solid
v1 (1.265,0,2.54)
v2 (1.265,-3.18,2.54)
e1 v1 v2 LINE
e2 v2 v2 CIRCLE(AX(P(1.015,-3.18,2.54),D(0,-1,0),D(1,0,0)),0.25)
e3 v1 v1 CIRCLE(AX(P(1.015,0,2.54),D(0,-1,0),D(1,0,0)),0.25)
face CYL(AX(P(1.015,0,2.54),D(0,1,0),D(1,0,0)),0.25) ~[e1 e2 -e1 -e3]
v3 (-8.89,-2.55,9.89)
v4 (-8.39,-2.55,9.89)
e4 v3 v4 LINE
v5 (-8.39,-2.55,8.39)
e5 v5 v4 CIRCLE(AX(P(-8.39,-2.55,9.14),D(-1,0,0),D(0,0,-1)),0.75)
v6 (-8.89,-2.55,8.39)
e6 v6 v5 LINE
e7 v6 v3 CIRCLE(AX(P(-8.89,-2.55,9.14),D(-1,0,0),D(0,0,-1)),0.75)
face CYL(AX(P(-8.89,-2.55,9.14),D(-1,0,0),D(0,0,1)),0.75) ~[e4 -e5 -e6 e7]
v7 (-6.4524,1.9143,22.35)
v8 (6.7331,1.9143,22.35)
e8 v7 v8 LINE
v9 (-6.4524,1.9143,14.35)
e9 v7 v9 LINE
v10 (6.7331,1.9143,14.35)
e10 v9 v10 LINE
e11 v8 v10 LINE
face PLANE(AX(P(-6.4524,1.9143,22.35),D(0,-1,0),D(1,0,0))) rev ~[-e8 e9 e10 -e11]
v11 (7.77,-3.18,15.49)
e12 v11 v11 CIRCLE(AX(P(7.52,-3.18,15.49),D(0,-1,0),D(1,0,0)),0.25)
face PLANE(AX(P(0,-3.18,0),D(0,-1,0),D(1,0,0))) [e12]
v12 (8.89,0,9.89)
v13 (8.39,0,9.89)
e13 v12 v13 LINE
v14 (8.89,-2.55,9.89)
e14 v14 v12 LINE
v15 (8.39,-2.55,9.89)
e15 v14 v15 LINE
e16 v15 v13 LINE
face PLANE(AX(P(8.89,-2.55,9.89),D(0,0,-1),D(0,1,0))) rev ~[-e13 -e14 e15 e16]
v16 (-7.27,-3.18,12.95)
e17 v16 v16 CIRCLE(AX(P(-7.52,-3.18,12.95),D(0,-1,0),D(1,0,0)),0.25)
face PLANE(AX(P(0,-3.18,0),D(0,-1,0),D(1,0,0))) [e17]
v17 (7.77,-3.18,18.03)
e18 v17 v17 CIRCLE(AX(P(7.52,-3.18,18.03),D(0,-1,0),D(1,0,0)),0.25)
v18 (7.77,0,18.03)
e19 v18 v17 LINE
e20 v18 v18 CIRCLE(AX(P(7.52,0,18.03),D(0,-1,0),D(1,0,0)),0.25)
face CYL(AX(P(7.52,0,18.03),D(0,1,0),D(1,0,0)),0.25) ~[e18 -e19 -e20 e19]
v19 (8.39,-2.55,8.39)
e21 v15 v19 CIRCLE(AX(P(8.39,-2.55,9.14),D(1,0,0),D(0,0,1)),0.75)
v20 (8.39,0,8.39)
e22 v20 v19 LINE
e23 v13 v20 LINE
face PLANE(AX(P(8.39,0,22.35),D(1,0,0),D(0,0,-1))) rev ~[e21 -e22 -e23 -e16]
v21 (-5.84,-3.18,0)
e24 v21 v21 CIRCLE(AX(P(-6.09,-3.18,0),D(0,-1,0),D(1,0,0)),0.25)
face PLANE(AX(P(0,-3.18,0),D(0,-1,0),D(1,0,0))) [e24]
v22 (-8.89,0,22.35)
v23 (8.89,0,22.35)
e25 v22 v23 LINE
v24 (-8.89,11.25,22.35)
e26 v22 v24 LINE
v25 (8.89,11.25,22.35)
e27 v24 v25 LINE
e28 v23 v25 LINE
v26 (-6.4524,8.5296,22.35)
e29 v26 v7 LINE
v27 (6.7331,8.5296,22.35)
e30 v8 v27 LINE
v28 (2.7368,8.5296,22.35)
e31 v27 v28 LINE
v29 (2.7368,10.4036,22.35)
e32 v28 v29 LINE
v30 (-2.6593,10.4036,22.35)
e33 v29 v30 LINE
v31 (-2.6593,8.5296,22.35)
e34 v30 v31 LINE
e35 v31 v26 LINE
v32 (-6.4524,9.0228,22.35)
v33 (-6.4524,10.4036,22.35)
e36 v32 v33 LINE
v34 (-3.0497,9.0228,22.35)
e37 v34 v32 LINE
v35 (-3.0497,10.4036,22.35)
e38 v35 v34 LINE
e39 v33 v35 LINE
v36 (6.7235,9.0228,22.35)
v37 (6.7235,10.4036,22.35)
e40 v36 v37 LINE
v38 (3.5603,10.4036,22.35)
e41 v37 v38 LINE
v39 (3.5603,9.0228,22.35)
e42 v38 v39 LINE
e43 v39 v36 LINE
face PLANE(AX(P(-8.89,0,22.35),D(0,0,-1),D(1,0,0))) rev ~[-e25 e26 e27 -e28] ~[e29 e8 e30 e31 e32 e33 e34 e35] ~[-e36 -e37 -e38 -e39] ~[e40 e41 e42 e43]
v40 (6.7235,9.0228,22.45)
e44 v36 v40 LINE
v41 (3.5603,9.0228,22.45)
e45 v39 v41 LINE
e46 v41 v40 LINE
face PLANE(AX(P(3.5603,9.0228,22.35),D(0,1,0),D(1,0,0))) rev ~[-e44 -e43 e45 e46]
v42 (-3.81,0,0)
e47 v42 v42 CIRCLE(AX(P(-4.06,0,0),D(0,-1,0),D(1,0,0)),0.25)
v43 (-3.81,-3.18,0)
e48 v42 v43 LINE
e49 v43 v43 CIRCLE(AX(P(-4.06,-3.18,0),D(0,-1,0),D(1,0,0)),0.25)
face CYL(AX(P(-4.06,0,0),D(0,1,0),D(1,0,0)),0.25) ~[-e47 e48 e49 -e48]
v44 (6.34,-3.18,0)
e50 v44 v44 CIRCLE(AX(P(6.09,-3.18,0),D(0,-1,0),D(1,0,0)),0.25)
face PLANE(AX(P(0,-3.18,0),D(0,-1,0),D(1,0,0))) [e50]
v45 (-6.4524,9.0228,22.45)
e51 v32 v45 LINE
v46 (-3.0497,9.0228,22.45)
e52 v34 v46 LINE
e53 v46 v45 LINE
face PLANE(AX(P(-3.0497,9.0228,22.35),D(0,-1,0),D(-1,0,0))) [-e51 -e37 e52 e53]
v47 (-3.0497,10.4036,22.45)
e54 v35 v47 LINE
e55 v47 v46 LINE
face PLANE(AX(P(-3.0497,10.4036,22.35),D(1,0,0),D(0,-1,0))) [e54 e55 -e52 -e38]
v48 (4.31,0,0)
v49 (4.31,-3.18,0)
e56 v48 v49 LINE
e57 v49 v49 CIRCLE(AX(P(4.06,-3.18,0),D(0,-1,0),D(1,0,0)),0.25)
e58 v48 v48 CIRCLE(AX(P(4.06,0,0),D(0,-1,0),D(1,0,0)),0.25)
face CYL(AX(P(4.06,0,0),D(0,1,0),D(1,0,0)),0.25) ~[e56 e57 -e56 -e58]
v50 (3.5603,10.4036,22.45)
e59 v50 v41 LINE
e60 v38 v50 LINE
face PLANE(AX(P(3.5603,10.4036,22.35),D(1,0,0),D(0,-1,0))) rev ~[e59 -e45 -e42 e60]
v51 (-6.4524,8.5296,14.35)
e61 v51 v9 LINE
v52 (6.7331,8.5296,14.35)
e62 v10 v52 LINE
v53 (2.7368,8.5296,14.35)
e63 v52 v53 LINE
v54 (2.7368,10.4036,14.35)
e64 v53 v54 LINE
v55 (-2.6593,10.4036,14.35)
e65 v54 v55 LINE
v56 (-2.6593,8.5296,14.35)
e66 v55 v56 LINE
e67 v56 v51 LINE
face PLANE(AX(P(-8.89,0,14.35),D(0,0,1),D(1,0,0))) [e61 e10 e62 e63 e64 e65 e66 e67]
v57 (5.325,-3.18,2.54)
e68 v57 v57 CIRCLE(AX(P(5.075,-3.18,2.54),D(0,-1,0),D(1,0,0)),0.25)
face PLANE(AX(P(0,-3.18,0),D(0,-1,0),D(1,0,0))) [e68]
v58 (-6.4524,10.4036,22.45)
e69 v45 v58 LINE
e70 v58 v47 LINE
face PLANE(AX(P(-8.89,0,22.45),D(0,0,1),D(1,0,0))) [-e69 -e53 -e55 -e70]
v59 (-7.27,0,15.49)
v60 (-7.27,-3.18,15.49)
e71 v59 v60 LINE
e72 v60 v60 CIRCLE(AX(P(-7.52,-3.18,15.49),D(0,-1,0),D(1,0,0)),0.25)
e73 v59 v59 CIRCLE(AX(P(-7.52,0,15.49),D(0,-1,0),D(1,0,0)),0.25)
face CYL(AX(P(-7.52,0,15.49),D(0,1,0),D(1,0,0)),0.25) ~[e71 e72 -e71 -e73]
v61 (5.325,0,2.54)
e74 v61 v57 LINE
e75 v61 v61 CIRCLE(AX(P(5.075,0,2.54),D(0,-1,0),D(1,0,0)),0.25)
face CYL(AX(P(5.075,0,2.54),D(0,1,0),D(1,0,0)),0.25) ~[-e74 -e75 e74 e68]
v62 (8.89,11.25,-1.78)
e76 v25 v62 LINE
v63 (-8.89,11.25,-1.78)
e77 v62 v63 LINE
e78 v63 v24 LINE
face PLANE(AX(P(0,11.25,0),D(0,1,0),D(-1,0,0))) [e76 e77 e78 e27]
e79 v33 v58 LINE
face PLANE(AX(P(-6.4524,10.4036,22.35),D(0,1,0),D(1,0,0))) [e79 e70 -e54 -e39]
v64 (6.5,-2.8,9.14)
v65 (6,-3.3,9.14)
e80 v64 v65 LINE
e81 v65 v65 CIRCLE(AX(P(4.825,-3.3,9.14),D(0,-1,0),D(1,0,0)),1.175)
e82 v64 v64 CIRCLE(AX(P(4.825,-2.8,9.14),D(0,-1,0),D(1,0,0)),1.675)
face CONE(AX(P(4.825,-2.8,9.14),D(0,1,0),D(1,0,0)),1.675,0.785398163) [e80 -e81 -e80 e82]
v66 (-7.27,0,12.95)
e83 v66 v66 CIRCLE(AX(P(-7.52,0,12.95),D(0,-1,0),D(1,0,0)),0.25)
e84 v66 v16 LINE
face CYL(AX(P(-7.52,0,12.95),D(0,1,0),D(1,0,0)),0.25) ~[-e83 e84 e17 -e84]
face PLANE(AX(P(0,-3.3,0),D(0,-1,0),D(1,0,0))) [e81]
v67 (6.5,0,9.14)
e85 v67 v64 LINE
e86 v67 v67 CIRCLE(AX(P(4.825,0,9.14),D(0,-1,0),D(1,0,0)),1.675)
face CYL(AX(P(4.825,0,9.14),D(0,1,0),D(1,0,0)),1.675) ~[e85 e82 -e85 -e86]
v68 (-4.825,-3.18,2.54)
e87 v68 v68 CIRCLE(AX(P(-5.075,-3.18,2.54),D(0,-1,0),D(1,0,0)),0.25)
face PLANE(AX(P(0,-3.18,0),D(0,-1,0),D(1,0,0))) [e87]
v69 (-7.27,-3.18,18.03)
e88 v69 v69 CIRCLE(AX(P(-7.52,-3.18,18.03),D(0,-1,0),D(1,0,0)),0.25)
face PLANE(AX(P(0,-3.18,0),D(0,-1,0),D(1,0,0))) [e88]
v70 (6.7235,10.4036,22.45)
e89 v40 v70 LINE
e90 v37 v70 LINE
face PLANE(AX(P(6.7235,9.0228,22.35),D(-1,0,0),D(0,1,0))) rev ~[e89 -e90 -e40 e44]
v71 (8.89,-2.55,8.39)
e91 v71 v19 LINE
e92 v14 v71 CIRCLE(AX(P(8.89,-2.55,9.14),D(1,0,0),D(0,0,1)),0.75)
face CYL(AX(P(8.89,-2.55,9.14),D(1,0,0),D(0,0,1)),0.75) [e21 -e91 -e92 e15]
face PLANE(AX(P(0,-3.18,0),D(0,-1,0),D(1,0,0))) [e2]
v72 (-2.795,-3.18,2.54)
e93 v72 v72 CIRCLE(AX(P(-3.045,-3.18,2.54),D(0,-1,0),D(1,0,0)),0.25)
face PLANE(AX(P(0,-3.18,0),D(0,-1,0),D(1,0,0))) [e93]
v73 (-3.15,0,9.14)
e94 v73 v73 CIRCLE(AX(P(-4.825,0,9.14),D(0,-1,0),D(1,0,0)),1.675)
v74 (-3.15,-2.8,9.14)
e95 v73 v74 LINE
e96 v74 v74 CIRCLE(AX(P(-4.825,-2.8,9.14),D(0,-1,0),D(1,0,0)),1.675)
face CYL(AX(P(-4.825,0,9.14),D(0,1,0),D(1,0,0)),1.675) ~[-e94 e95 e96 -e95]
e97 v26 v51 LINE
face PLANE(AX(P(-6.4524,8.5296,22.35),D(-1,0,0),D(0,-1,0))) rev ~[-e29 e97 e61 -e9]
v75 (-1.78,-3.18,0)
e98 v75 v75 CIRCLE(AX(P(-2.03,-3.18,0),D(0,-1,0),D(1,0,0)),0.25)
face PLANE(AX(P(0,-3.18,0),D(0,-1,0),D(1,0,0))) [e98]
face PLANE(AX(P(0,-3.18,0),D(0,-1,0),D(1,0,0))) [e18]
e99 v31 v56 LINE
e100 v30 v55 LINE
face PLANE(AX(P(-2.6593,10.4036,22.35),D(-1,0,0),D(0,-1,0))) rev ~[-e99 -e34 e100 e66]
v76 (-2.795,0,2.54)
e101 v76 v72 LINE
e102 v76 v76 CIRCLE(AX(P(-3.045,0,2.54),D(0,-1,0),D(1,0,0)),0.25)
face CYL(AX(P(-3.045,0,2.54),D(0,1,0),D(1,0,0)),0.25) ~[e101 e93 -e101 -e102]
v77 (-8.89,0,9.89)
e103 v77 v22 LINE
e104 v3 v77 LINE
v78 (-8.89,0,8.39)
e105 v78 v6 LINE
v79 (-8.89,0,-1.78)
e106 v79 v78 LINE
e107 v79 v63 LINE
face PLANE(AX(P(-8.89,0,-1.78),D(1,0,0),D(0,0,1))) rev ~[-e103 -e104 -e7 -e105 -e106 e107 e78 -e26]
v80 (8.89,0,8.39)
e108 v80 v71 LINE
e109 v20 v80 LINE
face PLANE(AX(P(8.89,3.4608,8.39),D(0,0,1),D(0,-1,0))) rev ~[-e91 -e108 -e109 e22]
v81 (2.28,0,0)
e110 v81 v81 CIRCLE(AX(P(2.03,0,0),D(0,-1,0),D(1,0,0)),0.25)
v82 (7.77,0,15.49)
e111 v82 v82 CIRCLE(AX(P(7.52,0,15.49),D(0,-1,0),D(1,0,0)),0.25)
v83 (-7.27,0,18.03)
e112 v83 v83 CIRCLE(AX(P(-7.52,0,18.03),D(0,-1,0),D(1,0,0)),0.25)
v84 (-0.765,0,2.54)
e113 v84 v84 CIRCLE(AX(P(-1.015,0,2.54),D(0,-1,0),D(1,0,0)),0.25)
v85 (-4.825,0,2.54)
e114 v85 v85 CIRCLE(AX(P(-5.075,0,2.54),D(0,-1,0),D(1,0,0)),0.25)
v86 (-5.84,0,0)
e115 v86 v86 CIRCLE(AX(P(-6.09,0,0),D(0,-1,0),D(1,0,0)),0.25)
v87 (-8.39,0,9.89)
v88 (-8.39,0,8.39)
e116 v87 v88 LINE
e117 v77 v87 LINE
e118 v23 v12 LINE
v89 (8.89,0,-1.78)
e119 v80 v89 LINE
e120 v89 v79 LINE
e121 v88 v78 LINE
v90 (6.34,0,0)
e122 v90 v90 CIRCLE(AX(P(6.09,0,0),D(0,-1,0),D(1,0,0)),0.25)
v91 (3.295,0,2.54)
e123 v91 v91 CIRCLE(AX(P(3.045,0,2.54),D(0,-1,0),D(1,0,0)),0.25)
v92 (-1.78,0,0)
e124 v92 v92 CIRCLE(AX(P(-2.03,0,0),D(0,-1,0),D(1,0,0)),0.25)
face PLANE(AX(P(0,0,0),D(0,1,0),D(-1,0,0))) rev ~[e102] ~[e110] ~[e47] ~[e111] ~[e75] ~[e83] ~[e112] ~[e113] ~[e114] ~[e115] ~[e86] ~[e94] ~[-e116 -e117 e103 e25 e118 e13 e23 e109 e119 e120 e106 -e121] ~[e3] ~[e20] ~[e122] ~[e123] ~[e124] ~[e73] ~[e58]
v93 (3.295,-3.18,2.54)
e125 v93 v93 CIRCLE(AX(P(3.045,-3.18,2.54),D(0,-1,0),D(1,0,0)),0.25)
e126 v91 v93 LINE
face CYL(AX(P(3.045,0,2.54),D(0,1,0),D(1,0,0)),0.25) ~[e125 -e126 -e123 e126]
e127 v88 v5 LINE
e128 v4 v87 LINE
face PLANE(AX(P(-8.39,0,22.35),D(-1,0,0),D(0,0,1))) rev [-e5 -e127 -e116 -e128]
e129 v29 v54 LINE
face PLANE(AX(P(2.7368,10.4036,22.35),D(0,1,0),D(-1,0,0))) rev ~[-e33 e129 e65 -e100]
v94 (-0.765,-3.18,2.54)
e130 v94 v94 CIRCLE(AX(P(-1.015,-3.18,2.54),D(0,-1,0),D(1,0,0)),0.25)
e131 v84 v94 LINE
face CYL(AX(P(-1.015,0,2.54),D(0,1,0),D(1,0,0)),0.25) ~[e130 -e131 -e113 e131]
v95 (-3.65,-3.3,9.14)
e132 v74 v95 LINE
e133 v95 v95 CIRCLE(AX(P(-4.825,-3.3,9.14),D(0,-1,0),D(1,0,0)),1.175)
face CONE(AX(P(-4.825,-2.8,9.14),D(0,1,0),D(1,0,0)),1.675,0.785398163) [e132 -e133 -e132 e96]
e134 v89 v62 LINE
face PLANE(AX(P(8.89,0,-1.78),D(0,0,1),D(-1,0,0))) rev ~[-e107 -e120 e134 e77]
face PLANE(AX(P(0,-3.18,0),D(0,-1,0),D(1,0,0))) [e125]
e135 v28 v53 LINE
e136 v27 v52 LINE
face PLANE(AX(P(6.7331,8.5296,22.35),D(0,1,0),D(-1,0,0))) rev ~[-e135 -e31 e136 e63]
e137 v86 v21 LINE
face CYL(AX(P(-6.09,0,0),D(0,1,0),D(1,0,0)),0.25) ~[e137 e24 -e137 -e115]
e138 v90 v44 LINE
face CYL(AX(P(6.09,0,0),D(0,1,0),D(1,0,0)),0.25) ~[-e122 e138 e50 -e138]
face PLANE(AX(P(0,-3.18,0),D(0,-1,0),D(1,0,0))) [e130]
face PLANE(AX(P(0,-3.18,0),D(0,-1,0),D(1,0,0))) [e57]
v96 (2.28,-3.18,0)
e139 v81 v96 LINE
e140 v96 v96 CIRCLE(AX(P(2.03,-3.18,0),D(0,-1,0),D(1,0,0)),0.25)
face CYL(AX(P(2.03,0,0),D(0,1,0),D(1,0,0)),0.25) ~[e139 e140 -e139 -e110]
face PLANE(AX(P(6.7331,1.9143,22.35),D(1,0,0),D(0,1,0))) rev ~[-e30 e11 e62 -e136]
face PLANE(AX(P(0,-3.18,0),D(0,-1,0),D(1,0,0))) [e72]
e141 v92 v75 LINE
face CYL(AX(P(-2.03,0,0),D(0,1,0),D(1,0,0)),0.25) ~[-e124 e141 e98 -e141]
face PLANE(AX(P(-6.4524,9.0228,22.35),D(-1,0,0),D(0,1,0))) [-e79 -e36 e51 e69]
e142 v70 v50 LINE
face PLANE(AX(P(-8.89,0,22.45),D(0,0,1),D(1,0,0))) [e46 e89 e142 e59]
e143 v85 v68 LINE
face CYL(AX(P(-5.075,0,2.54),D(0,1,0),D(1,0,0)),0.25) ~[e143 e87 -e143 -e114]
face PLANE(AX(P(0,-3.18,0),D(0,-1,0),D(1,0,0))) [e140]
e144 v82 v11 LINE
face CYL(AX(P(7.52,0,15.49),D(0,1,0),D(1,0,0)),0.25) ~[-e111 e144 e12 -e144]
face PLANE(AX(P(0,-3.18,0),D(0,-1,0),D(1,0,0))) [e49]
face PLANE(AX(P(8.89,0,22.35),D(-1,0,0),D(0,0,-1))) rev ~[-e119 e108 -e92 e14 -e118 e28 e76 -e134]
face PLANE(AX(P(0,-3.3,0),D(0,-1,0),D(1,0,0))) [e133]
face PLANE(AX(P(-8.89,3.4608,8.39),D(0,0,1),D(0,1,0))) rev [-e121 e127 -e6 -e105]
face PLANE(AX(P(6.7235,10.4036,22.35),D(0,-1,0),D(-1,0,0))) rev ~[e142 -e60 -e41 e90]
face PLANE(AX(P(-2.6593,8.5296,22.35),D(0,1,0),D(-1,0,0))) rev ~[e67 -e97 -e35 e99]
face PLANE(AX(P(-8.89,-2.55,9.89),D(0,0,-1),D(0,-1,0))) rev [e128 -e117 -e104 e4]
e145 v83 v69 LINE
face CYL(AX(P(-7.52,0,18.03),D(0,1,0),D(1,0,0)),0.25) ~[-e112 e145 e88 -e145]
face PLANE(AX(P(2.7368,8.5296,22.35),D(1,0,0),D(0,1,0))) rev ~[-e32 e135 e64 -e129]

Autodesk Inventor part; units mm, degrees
ref_plane "YZ Plane" through (0, 0, 0) normal (1, 0, 0) x (0, 1, 0)
ref_plane "XZ Plane" through (0, 0, 0) normal (0, 1, 0) x (-1, 0, 0)
ref_plane "XY Plane" through (0, 0, 0) normal (0, 0, 1) x (1, 0, 0)
sketch "Sketch1" plane through (0, 0, 0) normal (0, 1, 0) x (-1, 0, 0)
  line L0 (8.89, 22.35) -> (-8.89, 22.35)
  line L1 (-8.89, 22.35) -> (-8.89, -1.78)
  line L2 (-8.89, -1.78) -> (8.89, -1.78)
  line L3 (8.89, -1.78) -> (8.89, 22.35)
  point P0 (0, 0)
  dimension "d0" = 24.13
  dimension "d1" = 22.35
  dimension "d2" = 17.78
  dimension "d3" = 8.89
extrude "Extrusion1" add sketch "Sketch1" along normal blind 11.25
sketch "Sketch2" plane through (-8.89, 0, 22.35) normal (0, 0, 1) x (1, 0, 0)
  line L0 (2.4376, 1.9143) -> (15.6231, 1.9143)
  line L1 (15.6231, 1.9143) -> (15.6231, 8.5296)
  line L2 (15.6231, 8.5296) -> (2.4376, 8.5296)
  line L3 (2.4376, 8.5296) -> (2.4376, 1.9143)
  line L4 (6.2307, 8.5296) -> (11.6268, 8.5296)
  line L5 (11.6268, 8.5296) -> (11.6268, 10.4036)
  line L6 (11.6268, 10.4036) -> (6.2307, 10.4036)
  line L7 (6.2307, 10.4036) -> (6.2307, 8.5296)
  point P0 (8.89, 0)
extrude "Extrusion2" cut sketch "Sketch2" against normal blind 8
sketch "Sketch3" plane through (-8.89, 0, 22.35) normal (0, 0, 1) x (1, 0, 0)
  line L0 (12.4503, 9.0228) -> (15.6135, 9.0228)
  line L1 (15.6135, 9.0228) -> (15.6135, 10.4036)
  line L2 (15.6135, 10.4036) -> (12.4503, 10.4036)
  line L3 (12.4503, 10.4036) -> (12.4503, 9.0228)
  line L4 (5.8403, 9.0228) -> (2.4376, 9.0228)
  line L5 (2.4376, 9.0228) -> (2.4376, 10.4036)
  line L6 (2.4376, 10.4036) -> (5.8403, 10.4036)
  line L7 (5.8403, 10.4036) -> (5.8403, 9.0228)
  point P0 (8.89, 0)
extrude "Extrusion3" add sketch "Sketch3" along normal blind 0.1
sketch "Sketch4" plane through (8.89, 0, 22.35) normal (1, 0, 0) x (0, 0, -1)
  line L0 (12.46, 3.4608) -> (13.96, 3.4608)
  line L1 (13.96, 3.4608) -> (13.96, -3.3)
  line L2 (13.96, -3.3) -> (12.46, -3.3)
  line L3 (12.46, -3.3) -> (12.46, 3.4608)
  line L4 (0, 0) -> (0, 11.25) projected
  arc A0 (12.46, -2.55) -> (13.96, -2.55) centre (13.21, -2.55) ccw
  point P0 (22.35, 0)
  dimension "d10" = 1.5
  dimension "d11" = 12.46
  dimension "d12" = 3.3
extrude "Extrusion4" add sketch "Sketch4" against normal blind 0.5 contours L0 L1 A0 L3
mirror "Mirror1" about plane through (0, 0, 0) normal (1, 0, 0) of "Extrusion4"
sketch "Sketch5" plane through (0, 0, 0) normal (0, -1, 0) x (1, 0, 0)
  circle A0 centre (-4.825, 9.14) radius 1.675
  circle A1 centre (4.825, 9.14) radius 1.675
  line L0 (-8.89, 22.35) -> (8.89, 22.35) projected
  point P0 (0, 0)
  dimension "d15" = 9.65
  dimension "d16" = 4.825
  dimension "d17" = 13.21
  dimension "d18" = 13.21
  dimension "d19" = 3.35
  dimension "d20" = 3.35
extrude "Extrusion5" add sketch "Sketch5" along normal blind 3.3
chamfer "Chamfer1" distance 0.5 angle 45 2 edges at (-6.5, -3.3, 9.14) (3.15, -3.3, 9.14)
sketch "Sketch6" plane through (0, 0, 0) normal (0, -1, 0) x (1, 0, 0)
  line L0 (-9.0913, 0) -> (4.8455, 0) construction
  line L1 (4.957, 2.54) -> (-8.5338, 2.54) construction
  circle A0 centre (-2.03, 0) radius 0.25
  circle A1 centre (-1.015, 2.54) radius 0.25
  line L2 (-11.1213, 0) -> (2.8155, 0) construction
  circle A2 centre (-3.045, 2.54) radius 0.25
  line L3 (-13.1513, 0) -> (0.7855, 0) construction
  circle A3 centre (-5.075, 2.54) radius 0.25
  circle A4 centre (1.015, 2.54) radius 0.25
  circle A5 centre (3.045, 2.54) radius 0.25
  circle A6 centre (5.075, 2.54) radius 0.25
  circle A7 centre (-4.06, 0) radius 0.25
  circle A8 centre (-6.09, 0) radius 0.25
  line L4 (0, 0) -> (0, 4.0434) construction
  circle A9 centre (2.03, 0) radius 0.25
  circle A10 centre (4.06, 0) radius 0.25
  circle A11 centre (6.09, 0) radius 0.25
  point P0 (-4.06, 0)
  point P1 (-6.09, 0)
  dimension "d26" = 0.5
  dimension "d27" = 0.5
  dimension "d28" = 2.54
  dimension "d29" = 1.015
  dimension "d30" = 1.015
  dimension "d33" = 2.03
  dimension "d40" = 2.03
  dimension "d47" = 2.03
extrude "Extrusion6" add sketch "Sketch6" along normal blind 3.18
sketch "Sketch7" plane through (0, 0, 0) normal (0, -1, 0) x (1, 0, 0)
  line L0 (7.52, 20.8101) -> (7.52, 18.5144) construction
  line L1 (-7.52, 21.4502) -> (-7.52, 19.3214) construction
  line L2 (-8.1276, 18.03) -> (7.9812, 18.03) construction
  line L3 (-8.0282, 15.49) -> (8.0806, 15.49) construction
  circle A0 centre (-7.52, 18.03) radius 0.25
  circle A1 centre (-7.52, 15.49) radius 0.25
  circle A2 centre (7.52, 18.03) radius 0.25
  circle A3 centre (7.52, 15.49) radius 0.25
  circle A4 centre (-7.52, 12.95) radius 0.25
  point P0 (0, 0)
  dimension "d54" = 7.52
  dimension "d55" = 15.04
  dimension "d56" = 0.5
  dimension "d57" = 0.5
  dimension "d59" = 0.5
  dimension "d60" = 0.5
  dimension "d61" = 18.03
  dimension "d63" = 2.54
  dimension "d66" = 0.5
  dimension "d67" = 2.54
extrude "Extrusion7" add sketch "Sketch7" along normal blind 3.18
properties part number "RJMG2012119A0NR_GBEConn"
